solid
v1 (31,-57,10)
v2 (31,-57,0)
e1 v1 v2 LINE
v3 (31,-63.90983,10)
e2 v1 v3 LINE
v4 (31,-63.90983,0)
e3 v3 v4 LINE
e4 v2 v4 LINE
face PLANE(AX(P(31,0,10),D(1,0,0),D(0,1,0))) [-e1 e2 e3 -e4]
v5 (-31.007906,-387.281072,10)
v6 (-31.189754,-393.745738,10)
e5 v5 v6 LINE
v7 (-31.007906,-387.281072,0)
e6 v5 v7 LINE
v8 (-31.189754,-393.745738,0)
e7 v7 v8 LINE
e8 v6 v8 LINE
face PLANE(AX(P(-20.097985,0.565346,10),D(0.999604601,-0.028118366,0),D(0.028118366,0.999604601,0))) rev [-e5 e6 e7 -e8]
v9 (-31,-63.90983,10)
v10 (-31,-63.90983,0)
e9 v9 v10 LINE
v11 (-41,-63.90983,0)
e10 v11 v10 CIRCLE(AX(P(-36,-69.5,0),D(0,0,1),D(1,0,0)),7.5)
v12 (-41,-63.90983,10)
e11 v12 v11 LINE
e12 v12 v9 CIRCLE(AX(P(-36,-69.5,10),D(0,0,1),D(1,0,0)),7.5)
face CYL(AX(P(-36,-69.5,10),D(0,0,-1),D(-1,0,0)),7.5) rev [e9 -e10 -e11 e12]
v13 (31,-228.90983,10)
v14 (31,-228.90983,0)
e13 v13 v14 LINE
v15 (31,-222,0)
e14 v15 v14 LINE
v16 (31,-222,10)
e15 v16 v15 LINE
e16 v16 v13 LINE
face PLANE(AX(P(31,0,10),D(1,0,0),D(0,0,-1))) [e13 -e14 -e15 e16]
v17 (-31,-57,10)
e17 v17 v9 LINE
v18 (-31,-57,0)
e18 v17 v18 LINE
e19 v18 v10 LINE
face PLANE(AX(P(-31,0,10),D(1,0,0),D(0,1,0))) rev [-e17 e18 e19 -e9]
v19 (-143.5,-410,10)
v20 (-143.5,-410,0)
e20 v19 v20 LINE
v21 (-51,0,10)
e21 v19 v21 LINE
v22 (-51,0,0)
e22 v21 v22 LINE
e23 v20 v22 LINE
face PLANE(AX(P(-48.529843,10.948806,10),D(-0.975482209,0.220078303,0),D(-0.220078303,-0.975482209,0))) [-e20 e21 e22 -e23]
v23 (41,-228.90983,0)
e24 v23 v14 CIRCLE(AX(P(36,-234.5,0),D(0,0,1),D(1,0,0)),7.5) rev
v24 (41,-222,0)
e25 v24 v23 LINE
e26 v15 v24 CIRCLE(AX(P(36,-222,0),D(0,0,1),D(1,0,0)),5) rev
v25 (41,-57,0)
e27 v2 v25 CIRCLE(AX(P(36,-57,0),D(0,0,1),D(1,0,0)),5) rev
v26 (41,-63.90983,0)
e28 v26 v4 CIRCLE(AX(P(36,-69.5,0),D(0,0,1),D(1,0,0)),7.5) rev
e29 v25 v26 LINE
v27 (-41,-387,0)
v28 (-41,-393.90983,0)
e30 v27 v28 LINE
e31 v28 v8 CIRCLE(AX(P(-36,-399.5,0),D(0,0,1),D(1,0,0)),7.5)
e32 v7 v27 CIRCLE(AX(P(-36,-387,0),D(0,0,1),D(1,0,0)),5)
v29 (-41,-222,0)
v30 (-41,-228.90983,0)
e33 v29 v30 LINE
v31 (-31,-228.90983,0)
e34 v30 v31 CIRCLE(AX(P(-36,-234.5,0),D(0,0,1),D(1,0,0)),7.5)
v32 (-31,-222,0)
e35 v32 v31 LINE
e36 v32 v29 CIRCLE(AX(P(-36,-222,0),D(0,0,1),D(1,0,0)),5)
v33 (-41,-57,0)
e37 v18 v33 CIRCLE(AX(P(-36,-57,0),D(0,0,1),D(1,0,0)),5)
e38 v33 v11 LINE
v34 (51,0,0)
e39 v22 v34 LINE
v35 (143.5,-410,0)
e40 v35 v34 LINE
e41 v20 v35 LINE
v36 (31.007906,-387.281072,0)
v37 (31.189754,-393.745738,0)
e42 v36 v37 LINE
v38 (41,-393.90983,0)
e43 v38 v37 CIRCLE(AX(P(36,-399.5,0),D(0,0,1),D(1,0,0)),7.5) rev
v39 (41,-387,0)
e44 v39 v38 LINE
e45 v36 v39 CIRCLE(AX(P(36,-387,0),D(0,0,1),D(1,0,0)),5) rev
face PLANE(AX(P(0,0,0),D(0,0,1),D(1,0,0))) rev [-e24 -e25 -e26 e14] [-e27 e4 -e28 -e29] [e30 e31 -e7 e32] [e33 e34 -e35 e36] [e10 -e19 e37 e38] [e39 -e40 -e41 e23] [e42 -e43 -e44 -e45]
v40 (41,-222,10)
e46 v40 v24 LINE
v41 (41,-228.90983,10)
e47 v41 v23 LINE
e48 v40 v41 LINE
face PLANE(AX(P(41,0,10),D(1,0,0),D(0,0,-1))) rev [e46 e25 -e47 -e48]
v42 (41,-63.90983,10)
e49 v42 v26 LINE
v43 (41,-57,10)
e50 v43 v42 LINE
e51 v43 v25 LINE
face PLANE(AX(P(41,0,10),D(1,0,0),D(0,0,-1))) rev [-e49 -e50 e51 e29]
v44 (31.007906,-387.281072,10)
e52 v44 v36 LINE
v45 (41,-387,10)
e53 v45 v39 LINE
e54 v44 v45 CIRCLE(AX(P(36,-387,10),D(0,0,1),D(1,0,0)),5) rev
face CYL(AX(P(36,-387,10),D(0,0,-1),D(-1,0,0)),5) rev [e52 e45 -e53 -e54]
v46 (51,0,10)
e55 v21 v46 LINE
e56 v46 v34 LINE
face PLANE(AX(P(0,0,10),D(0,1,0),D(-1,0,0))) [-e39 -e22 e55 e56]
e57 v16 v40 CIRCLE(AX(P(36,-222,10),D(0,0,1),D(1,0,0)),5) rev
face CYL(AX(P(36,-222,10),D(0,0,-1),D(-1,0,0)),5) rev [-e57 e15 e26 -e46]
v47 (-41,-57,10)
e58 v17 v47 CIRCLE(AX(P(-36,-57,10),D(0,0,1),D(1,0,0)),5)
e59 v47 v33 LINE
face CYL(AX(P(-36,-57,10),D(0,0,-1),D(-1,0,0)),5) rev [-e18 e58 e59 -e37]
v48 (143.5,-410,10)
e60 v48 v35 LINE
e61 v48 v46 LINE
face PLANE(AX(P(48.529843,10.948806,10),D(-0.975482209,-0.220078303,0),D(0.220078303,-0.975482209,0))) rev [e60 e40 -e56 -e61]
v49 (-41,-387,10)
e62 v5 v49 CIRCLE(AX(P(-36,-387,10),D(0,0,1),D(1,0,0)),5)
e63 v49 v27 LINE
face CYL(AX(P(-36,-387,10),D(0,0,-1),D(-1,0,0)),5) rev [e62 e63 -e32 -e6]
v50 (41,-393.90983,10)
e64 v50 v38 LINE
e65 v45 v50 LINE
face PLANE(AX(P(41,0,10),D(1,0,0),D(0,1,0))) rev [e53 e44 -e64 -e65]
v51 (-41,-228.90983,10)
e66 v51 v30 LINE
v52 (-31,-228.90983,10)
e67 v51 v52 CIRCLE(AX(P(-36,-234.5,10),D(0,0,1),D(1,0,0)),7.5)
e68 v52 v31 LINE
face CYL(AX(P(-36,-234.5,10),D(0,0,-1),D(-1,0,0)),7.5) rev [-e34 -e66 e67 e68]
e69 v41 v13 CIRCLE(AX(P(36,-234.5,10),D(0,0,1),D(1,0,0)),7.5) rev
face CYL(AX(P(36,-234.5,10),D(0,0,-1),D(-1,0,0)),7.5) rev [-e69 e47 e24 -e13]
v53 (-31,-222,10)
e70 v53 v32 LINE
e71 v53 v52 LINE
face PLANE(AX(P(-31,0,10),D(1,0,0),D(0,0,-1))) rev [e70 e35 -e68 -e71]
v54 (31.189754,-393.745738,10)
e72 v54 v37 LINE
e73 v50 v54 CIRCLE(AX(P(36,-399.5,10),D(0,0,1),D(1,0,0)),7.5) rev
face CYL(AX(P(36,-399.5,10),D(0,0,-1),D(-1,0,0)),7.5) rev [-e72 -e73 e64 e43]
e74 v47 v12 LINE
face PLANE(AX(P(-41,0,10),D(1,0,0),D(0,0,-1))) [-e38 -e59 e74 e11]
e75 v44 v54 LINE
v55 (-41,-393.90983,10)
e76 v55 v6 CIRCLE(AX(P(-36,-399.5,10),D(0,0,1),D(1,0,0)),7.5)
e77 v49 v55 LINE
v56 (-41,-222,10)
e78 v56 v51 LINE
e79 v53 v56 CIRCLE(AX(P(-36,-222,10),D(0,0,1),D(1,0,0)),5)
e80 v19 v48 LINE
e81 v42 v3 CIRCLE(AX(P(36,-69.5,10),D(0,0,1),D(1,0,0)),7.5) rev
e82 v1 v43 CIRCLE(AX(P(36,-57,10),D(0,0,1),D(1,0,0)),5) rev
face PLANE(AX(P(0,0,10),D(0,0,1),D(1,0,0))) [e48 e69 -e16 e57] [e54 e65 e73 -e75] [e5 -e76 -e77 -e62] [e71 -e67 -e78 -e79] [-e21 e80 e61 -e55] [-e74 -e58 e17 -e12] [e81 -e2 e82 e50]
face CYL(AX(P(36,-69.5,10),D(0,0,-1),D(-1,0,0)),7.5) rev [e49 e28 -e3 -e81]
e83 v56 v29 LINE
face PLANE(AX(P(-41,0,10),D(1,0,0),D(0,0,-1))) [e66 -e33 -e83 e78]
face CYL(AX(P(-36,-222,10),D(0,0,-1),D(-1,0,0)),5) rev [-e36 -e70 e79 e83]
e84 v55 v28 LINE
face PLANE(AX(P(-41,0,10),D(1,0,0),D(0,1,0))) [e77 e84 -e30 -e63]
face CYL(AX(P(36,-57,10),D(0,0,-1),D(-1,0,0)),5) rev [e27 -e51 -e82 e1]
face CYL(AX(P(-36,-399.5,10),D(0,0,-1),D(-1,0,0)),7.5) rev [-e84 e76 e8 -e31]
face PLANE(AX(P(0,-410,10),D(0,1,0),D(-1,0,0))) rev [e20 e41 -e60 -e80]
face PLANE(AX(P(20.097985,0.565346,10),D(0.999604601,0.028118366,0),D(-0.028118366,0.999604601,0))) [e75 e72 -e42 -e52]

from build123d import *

# Parameters (mm, degrees)
EXTRUDE_1_DEPTH = 10


with BuildPart() as part:
    # 草图1 → 凸台-拉伸1 (new body)
    with BuildSketch(Plane.XY):
        Polygon((-51, 0), (-143.5, -410), (-36, -410), (143.5, -410), (51, 0), align=None)
        with BuildLine():
            ThreePointArc((-31.189754148, -393.74573768), (-28.949930235, -402.058616091), (-36, -407))
            ThreePointArc((-36, -407), (-43.006292692, -402.176165673), (-41, -393.909830056))
            Line((-41, -393.909830056), (-41, -387))
            ThreePointArc((-41, -387), (-35.859408171, -382.001976997), (-31.007906425, -387.281072477))
            Line((-31.007906425, -387.281072477), (-31.189754148, -393.74573768))
        make_face(mode=Mode.SUBTRACT)
        with BuildLine():
            Line((-41, -228.909830056), (-41, -222))
            ThreePointArc((-41, -222), (-36, -217), (-31, -222))
            Line((-31, -222), (-31, -228.909830056))
            ThreePointArc((-31, -228.909830056), (-36, -242), (-41, -228.909830056))
        make_face(mode=Mode.SUBTRACT)
        with BuildLine():
            Line((-41, -63.909830056), (-41, -57))
            ThreePointArc((-41, -57), (-36, -52), (-31, -57))
            Line((-31, -57), (-31, -63.909830056))
            ThreePointArc((-31, -63.909830056), (-36, -77), (-41, -63.909830056))
        make_face(mode=Mode.SUBTRACT)
        with BuildLine():
            Line((41, -57), (41, -63.909830056))
            ThreePointArc((41, -63.909830056), (36, -77), (31, -63.909830056))
            Line((31, -63.909830056), (31, -57))
            ThreePointArc((31, -57), (36, -52), (41, -57))
        make_face(mode=Mode.SUBTRACT)
        with BuildLine():
            Line((41, -387), (41, -393.909830056))
            ThreePointArc((41, -393.909830056), (35.874567803, -406.998951044), (31.189754148, -393.74573768))
            Line((31.189754148, -393.74573768), (31.007906425, -387.281072477))
            ThreePointArc((31.007906425, -387.281072477), (35.859408171, -382.001976997), (41, -387))
        make_face(mode=Mode.SUBTRACT)
        with BuildLine():
            Line((31, -228.909830056), (31, -222))
            ThreePointArc((31, -222), (36, -217), (41, -222))
            Line((41, -222), (41, -228.909830056))
            ThreePointArc((41, -228.909830056), (36, -242), (31, -228.909830056))
        make_face(mode=Mode.SUBTRACT)
    extrude(amount=EXTRUDE_1_DEPTH)


solid = part.part
